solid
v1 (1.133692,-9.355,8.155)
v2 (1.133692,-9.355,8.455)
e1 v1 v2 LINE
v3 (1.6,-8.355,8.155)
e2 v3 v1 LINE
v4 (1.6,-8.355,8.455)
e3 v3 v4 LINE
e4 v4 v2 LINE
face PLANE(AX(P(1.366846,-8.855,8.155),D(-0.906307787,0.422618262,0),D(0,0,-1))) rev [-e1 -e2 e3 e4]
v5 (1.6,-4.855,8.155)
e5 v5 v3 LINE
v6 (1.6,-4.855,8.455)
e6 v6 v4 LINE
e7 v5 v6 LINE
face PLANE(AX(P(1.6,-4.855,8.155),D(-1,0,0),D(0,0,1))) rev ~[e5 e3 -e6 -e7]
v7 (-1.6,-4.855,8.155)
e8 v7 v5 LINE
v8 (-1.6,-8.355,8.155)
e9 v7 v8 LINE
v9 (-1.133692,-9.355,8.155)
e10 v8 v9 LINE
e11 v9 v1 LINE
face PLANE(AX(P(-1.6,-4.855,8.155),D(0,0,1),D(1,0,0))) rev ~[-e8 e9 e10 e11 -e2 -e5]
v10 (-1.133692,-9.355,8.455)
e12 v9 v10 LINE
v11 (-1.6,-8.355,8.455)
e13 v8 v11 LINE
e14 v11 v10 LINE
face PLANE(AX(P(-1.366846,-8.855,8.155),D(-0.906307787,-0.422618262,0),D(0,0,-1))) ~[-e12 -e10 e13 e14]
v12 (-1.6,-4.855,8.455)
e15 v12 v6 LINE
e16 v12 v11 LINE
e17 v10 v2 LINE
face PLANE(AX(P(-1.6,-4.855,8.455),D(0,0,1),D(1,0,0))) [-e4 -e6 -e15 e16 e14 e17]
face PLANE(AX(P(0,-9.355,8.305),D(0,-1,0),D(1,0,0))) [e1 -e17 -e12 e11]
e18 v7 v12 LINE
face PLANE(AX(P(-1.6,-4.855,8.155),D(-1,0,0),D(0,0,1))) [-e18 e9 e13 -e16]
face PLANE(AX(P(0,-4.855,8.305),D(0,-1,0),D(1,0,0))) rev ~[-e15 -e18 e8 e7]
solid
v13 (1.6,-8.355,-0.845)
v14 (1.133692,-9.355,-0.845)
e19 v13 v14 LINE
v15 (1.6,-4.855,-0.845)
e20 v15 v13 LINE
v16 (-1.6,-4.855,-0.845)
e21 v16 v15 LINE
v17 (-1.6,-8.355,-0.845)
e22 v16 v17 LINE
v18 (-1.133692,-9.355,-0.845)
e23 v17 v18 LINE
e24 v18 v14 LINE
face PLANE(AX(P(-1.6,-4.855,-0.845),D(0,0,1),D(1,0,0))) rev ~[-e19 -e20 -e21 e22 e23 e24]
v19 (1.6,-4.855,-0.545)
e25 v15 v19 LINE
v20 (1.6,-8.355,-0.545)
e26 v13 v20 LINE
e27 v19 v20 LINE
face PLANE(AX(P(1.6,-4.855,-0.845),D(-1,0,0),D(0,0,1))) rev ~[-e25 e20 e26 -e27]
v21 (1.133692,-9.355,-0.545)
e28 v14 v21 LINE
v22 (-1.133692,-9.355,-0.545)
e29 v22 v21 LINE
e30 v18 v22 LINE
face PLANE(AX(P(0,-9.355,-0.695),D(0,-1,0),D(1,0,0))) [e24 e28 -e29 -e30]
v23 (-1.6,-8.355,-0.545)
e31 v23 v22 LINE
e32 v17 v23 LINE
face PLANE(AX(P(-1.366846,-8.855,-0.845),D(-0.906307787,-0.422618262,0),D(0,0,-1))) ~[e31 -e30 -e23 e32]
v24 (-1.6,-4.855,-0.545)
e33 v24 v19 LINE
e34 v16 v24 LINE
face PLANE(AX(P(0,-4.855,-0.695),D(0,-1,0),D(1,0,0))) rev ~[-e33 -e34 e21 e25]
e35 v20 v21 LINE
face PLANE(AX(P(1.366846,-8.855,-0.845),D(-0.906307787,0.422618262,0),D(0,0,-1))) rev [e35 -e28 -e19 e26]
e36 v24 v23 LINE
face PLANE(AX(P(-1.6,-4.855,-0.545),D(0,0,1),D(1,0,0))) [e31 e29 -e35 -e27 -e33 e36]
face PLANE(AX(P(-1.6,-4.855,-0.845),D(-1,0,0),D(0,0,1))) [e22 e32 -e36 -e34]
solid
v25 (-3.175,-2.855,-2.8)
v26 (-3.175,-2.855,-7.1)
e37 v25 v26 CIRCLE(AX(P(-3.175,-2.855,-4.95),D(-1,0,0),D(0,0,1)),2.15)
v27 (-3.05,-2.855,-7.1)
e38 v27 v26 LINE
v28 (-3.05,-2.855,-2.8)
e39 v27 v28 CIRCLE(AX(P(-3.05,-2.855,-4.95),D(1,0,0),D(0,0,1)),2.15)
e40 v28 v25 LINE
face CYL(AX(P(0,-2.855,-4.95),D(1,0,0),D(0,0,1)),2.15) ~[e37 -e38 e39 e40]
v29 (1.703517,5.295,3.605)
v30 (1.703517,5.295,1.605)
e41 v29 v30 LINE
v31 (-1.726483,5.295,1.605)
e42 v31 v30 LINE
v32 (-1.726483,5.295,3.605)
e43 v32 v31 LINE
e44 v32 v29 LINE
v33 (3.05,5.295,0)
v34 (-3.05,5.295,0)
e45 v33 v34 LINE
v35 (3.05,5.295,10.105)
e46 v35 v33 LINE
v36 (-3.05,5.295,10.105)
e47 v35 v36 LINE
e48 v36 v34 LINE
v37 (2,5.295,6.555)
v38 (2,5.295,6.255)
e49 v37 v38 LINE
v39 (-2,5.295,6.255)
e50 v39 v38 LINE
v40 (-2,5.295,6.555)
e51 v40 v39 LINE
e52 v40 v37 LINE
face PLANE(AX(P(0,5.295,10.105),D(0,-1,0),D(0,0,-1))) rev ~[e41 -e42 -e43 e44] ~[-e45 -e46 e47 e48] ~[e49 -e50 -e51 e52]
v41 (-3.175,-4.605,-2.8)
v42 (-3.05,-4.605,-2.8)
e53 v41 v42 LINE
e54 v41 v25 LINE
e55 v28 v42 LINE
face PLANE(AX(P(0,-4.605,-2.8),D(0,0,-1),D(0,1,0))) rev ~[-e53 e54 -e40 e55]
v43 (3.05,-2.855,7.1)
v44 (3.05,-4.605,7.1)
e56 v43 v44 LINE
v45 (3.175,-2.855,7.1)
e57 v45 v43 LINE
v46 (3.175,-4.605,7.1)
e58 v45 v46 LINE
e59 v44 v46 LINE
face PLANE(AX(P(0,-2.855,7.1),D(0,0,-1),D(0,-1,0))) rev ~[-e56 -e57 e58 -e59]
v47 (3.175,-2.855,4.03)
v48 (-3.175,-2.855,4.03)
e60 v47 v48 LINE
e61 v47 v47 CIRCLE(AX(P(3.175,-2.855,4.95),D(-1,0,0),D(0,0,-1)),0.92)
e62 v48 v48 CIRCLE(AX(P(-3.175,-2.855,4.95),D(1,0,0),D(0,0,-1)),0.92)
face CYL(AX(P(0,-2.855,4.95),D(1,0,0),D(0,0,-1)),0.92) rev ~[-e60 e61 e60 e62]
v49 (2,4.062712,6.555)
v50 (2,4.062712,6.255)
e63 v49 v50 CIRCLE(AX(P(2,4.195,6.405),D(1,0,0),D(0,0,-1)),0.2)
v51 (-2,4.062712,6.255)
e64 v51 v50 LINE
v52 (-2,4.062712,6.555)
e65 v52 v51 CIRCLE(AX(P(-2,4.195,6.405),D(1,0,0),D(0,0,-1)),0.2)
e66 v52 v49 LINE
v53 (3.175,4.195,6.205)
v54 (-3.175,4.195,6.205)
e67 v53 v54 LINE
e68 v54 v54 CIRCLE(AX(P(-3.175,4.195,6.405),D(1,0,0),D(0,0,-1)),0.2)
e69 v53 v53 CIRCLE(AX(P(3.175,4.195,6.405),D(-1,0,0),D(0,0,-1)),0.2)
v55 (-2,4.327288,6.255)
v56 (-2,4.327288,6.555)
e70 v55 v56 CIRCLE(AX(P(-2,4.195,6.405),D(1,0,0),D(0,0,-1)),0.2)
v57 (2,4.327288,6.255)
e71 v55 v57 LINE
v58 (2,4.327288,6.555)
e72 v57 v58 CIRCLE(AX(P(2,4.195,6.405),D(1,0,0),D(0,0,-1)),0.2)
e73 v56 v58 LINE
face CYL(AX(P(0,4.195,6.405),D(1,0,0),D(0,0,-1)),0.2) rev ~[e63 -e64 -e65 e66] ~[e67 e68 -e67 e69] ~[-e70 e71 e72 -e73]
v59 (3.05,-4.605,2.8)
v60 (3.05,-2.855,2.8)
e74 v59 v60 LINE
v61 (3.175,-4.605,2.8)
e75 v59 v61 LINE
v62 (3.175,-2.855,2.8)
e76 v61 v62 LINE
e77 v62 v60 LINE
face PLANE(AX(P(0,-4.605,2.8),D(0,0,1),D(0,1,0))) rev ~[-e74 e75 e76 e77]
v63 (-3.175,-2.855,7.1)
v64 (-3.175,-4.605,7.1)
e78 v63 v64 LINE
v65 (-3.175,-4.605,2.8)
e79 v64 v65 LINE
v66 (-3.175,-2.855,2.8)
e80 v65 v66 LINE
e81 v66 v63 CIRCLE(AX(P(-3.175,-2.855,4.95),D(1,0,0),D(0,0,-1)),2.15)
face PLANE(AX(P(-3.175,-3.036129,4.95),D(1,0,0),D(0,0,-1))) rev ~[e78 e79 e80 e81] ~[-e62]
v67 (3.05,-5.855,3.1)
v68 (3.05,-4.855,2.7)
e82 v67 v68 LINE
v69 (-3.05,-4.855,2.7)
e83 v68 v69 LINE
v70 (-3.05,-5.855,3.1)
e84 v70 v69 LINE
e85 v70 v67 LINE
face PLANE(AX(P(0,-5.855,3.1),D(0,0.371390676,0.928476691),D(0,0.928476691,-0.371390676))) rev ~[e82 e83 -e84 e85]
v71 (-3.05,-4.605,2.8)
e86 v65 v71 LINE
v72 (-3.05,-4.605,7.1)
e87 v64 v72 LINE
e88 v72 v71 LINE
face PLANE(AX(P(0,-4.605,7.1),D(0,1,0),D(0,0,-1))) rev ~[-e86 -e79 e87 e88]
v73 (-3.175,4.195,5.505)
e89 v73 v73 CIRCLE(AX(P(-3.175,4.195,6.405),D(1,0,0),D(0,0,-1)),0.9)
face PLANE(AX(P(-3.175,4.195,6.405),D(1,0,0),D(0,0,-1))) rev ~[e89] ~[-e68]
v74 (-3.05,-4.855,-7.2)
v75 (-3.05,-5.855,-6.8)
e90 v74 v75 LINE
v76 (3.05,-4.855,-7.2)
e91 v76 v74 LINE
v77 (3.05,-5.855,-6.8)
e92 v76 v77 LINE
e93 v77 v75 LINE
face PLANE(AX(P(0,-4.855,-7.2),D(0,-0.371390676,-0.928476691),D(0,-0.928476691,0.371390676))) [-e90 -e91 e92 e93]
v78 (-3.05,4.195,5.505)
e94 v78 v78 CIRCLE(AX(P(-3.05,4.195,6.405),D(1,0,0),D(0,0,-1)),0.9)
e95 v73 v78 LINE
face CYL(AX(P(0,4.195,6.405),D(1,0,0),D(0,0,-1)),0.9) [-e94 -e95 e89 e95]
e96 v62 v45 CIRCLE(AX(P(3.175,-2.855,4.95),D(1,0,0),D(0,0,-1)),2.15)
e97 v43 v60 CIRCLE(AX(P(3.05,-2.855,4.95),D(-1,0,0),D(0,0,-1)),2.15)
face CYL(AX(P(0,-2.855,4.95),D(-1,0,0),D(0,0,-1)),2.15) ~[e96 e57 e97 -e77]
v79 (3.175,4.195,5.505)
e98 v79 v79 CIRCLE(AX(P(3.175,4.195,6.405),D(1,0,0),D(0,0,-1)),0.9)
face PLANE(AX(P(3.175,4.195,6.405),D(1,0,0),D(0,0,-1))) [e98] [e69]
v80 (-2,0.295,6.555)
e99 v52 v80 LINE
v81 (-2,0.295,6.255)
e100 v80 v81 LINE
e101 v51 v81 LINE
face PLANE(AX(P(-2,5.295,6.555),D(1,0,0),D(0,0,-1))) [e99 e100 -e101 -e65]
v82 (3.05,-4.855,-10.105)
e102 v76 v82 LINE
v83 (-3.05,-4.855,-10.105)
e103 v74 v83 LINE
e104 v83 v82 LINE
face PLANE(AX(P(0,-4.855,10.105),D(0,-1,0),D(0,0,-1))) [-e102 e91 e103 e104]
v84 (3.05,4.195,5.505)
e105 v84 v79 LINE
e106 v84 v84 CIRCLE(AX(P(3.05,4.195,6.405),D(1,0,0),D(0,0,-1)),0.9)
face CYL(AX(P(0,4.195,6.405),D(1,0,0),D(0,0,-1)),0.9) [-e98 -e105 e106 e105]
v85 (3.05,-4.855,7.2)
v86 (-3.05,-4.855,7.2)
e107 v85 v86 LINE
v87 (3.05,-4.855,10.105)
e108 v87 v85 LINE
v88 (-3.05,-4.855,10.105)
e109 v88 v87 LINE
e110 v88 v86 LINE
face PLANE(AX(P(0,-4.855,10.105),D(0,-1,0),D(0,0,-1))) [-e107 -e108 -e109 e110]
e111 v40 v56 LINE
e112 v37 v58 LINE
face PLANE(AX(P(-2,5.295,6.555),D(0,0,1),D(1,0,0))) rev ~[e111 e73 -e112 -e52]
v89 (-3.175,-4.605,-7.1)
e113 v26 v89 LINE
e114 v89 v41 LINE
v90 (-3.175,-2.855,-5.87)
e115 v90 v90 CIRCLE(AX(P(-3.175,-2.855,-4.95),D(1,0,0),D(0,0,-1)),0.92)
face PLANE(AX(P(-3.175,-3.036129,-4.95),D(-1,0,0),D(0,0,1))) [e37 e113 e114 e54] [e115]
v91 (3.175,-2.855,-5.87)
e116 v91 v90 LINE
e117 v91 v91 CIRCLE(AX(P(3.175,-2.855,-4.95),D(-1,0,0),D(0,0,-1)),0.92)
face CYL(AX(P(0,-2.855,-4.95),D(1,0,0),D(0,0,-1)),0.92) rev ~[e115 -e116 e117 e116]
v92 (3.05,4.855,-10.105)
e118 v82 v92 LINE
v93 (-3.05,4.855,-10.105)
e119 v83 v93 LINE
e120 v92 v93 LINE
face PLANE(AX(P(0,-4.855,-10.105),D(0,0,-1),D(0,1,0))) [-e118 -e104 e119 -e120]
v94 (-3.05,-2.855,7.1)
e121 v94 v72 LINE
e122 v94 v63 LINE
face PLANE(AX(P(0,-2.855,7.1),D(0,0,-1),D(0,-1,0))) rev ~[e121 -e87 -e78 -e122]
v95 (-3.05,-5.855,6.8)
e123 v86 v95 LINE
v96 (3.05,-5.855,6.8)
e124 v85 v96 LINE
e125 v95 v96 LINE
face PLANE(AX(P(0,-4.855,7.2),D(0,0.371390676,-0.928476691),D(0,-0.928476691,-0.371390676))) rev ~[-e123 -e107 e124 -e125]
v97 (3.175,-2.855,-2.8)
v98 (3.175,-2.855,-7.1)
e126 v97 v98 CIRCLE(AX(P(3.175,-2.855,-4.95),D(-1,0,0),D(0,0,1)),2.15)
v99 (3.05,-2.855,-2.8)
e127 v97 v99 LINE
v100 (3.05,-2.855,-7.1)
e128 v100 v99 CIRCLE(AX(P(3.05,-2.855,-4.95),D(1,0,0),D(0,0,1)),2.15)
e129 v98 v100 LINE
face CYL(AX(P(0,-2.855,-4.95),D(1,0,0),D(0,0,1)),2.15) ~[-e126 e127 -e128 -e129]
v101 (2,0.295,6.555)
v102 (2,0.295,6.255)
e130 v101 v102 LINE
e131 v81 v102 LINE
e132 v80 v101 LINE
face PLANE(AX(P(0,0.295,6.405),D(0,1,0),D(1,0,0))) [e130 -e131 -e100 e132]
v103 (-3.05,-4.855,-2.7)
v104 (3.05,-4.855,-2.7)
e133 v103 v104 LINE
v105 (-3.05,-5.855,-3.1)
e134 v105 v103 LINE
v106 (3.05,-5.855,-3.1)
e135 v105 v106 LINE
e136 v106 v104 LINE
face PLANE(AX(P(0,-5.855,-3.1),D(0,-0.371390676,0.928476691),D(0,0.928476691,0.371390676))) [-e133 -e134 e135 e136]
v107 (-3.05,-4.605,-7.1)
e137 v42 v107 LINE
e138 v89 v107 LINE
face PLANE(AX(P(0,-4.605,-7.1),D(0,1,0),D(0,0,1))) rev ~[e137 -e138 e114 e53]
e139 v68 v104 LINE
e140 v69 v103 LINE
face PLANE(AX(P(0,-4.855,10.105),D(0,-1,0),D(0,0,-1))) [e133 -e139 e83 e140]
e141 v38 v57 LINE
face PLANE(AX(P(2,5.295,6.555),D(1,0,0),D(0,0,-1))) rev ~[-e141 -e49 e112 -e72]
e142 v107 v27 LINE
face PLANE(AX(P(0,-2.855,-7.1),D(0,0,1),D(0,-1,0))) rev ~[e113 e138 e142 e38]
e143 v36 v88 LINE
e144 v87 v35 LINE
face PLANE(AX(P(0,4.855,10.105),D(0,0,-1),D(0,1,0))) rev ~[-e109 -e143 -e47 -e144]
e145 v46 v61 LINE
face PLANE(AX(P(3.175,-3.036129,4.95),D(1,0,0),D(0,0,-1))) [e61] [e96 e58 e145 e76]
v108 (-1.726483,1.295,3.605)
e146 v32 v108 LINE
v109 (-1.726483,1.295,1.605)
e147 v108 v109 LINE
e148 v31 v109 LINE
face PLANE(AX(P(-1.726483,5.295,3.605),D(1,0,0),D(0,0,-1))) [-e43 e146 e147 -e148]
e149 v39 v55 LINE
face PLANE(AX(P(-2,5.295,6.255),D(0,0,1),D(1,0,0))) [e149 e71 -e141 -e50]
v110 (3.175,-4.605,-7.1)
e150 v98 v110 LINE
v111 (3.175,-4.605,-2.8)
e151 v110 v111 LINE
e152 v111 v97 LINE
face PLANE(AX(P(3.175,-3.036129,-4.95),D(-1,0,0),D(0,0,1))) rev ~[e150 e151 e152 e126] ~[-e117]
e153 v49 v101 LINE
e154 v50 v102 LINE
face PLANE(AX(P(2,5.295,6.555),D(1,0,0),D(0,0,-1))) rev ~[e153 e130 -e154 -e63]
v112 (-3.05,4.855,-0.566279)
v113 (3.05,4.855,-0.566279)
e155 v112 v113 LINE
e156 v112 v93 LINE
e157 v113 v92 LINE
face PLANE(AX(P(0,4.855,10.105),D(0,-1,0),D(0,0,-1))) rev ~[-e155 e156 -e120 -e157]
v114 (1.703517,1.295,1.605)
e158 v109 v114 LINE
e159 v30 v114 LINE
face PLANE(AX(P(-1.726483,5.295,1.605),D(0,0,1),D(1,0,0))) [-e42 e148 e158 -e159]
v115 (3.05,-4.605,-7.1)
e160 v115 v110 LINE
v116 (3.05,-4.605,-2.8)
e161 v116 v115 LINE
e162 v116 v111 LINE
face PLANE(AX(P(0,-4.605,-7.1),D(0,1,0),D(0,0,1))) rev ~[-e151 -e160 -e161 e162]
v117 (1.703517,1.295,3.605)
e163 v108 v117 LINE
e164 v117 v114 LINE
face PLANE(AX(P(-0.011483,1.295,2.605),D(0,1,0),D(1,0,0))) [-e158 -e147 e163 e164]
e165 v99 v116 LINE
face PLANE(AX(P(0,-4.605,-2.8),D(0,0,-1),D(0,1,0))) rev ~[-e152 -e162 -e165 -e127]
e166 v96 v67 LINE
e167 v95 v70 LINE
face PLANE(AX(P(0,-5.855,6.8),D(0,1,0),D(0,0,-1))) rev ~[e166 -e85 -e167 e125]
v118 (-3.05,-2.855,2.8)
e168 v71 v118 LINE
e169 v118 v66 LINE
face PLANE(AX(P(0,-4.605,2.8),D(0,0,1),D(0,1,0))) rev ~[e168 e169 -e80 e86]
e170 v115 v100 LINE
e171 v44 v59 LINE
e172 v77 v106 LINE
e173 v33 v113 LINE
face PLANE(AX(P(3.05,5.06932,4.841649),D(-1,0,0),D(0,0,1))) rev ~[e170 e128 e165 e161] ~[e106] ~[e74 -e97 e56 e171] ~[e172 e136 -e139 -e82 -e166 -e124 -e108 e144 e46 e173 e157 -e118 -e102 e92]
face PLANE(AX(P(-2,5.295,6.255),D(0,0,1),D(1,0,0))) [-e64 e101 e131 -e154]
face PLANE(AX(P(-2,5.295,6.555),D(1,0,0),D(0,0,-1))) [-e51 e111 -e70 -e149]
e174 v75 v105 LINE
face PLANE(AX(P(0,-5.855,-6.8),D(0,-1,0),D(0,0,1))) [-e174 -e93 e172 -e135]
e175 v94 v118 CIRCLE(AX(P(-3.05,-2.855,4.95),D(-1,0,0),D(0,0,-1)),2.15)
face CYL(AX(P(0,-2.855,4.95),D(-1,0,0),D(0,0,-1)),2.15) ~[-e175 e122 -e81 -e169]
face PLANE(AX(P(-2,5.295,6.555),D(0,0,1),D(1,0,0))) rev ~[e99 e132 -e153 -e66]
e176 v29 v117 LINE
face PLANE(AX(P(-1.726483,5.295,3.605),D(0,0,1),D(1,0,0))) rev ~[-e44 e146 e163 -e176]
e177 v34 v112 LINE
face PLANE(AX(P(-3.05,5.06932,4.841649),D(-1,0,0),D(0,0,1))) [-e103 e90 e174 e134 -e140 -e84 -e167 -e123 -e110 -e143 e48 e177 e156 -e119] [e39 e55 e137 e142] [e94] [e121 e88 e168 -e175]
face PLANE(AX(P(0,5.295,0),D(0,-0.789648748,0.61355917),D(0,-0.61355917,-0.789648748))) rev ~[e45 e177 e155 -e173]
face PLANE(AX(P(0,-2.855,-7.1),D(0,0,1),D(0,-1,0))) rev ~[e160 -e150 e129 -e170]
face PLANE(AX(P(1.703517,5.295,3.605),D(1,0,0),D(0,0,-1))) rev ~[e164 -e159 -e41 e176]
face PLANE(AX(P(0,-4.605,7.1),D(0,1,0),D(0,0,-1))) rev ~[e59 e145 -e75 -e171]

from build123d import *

# Parameters (mm, degrees)
SKETCH1_W               = 20.21
SKETCH1_H               = 9.71
BOSS_EXTRUDE1_DEPTH     = 3.05
BOSS_EXTRUDE2_DEPTH     = 3.05
BOSS_EXTRUDE3_DEPTH     = 3.175
MOUNTING_HOLES_R        = 0.92
CUT_EXTRUDE1_DEPTH      = 4.175
CUT_EXTRUDE1_DEPTH_BACK = 4.175
SKETCH5_R               = 0.9
BOSS_EXTRUDE4_DEPTH     = 3.175
SKETCH6_R               = 0.2
CUT_EXTRUDE2_DEPTH      = 4.175
CUT_EXTRUDE2_DEPTH_BACK = 4.175
SKETCH7_W               = 4
SKETCH7_H               = 0.3
CUT_EXTRUDE3_DEPTH      = 5
SKETCH8_W               = 3.43
SKETCH8_H               = 2
CUT_EXTRUDE4_DEPTH      = 4
SKETCH9_W               = 3.2
SKETCH9_H               = 0.3
BOSS_EXTRUDE5_DEPTH     = 4.5
BOSS_EXTRUDE5_2_DEPTH   = 4.5
CHAMFER1_SIZE           = 1
CHAMFER1_SIZE2          = 0.466307658
CHAMFER1_PART_2_SIZE    = 1
CHAMFER1_PART_2_SIZE2   = 0.466307658
CHAMFER2_SIZE           = 1
CHAMFER2_SIZE2          = 0.466307658
CHAMFER2_PART_2_SIZE    = 1
CHAMFER2_PART_2_SIZE2   = 0.466307658


with BuildPart() as part:
    # Sketch1 → Boss-Extrude1 (new body, symmetric)
    with BuildSketch(Plane(origin=(0, 0, 0), x_dir=(0, 0, -1), z_dir=(1, 0, 0))):
        Rectangle(SKETCH1_W, SKETCH1_H)
    extrude(amount=BOSS_EXTRUDE1_DEPTH, both=True)

    # Sketch4 → Boss-Extrude2 (add, symmetric)
    with BuildSketch(Plane(origin=(0, 0, 0), x_dir=(0, 0, -1), z_dir=(1, 0, 0))):
        Polygon((-7.2, -4.855), (-6.8, -5.855), (-3.1, -5.855), (-2.7, -4.855), align=None)
        Polygon((2.7, -4.855), (7.2, -4.855), (6.8, -5.855), (3.1, -5.855), align=None)
        Polygon((-10.105, 4.855), (-10.105, 5.295), (0, 5.295), (0.566278635, 4.855), align=None)
    extrude(amount=BOSS_EXTRUDE2_DEPTH, both=True)

    # Sketch3 → Boss-Extrude3 (add, symmetric)
    with BuildSketch(Plane(origin=(0, 0, 0), x_dir=(0, 0, -1), z_dir=(1, 0, 0))):
        with BuildLine():
            Line((-7.1, -2.855), (-7.1, -4.605))
            Line((-7.1, -4.605), (-2.8, -4.605))
            Line((-2.8, -4.605), (-2.8, -2.855))
            ThreePointArc((-2.8, -2.855), (-4.95, -0.705), (-7.1, -2.855))
        make_face()
        with BuildLine():
            Line((2.8, -4.605), (2.8, -2.855))
            ThreePointArc((2.8, -2.855), (4.95, -0.705), (7.1, -2.855))
            Line((7.1, -2.855), (7.1, -4.605))
            Line((7.1, -4.605), (2.8, -4.605))
        make_face()
    extrude(amount=BOSS_EXTRUDE3_DEPTH, both=True)

    # Mounting Holes → Cut-Extrude1 (cut, two sides)
    with BuildSketch(Plane(origin=(0, 0, 0), x_dir=(0, 0, -1), z_dir=(1, 0, 0))) as cut_extrude1_sk:
        with Locations((-4.95, -2.855)):
            Circle(MOUNTING_HOLES_R)
        with Locations((4.95, -2.855)):
            Circle(MOUNTING_HOLES_R)
    extrude(amount=CUT_EXTRUDE1_DEPTH, mode=Mode.SUBTRACT)
    extrude(cut_extrude1_sk.sketch, amount=-CUT_EXTRUDE1_DEPTH_BACK, mode=Mode.SUBTRACT)

    # Sketch5 → Boss-Extrude4 (add, symmetric)
    with BuildSketch(Plane(origin=(0, 0, 0), x_dir=(0, 0, -1), z_dir=(1, 0, 0))):
        with Locations((-6.405, 4.195)):
            Circle(SKETCH5_R)
    extrude(amount=BOSS_EXTRUDE4_DEPTH, both=True)

    # Sketch6 → Cut-Extrude2 (cut, two sides)
    with BuildSketch(Plane(origin=(0, 0, 0), x_dir=(0, 0, -1), z_dir=(1, 0, 0))) as cut_extrude2_sk:
        with Locations((-6.405, 4.195)):
            Circle(SKETCH6_R)
    extrude(amount=CUT_EXTRUDE2_DEPTH, mode=Mode.SUBTRACT)
    extrude(cut_extrude2_sk.sketch, amount=-CUT_EXTRUDE2_DEPTH_BACK, mode=Mode.SUBTRACT)

    # Sketch7 → Cut-Extrude3 (cut)
    with BuildSketch(Plane(origin=(0, 5.295, 0), x_dir=(1, 0, 0), z_dir=(0, 1, 0))):
        with Locations((0, -6.405)):
            Rectangle(SKETCH7_W, SKETCH7_H)
    extrude(amount=-CUT_EXTRUDE3_DEPTH, mode=Mode.SUBTRACT)

    # Sketch8 → Cut-Extrude4 (cut)
    with BuildSketch(Plane(origin=(0, 5.295, 0), x_dir=(1, 0, 0), z_dir=(0, 1, 0))):
        with Locations((-0.01148339, -2.605)):
            Rectangle(SKETCH8_W, SKETCH8_H)
    extrude(amount=-CUT_EXTRUDE4_DEPTH, mode=Mode.SUBTRACT)


with BuildPart() as body_2:
    # Sketch9 → Boss-Extrude5 (new body)
    with BuildSketch(Plane.XZ.offset(4.855)):
        with Locations((0, 8.305)):
            Rectangle(SKETCH9_W, SKETCH9_H)
    extrude(amount=BOSS_EXTRUDE5_DEPTH)

    # Chamfer2
    chamfer2_edges = [body_2.edges().sort_by_distance(p)[0] for p in [
        (1.6, -9.355, 8.305),
    ]]
    chamfer2_side = [body_2.faces().sort_by_distance(p)[0] for p in [
        (1.6, -7.105, 8.305),
    ]]
    chamfer(chamfer2_edges, length=CHAMFER2_SIZE, length2=CHAMFER2_SIZE2, reference=chamfer2_side[0])

    # Chamfer2 part 2
    chamfer2_part_2_edges = [body_2.edges().sort_by_distance(p)[0] for p in [
        (-1.6, -9.355, 8.305),
    ]]
    chamfer2_part_2_side = [body_2.faces().sort_by_distance(p)[0] for p in [
        (-1.6, -7.105, 8.305),
    ]]
    chamfer(chamfer2_part_2_edges, length=CHAMFER2_PART_2_SIZE, length2=CHAMFER2_PART_2_SIZE2, reference=chamfer2_part_2_side[0])


with BuildPart() as body_3:
    # Sketch9 → Boss-Extrude5 2 (new body)
    with BuildSketch(Plane.XZ.offset(4.855)):
        with Locations((0, -0.695)):
            Rectangle(SKETCH9_W, SKETCH9_H)
    extrude(amount=BOSS_EXTRUDE5_2_DEPTH)

    # Chamfer1
    chamfer1_edges = [body_3.edges().sort_by_distance(p)[0] for p in [
        (1.6, -9.355, -0.695),
    ]]
    chamfer1_side = [body_3.faces().sort_by_distance(p)[0] for p in [
        (1.6, -7.105, -0.695),
    ]]
    chamfer(chamfer1_edges, length=CHAMFER1_SIZE, length2=CHAMFER1_SIZE2, reference=chamfer1_side[0])

    # Chamfer1 part 2
    chamfer1_part_2_edges = [body_3.edges().sort_by_distance(p)[0] for p in [
        (-1.6, -9.355, -0.695),
    ]]
    chamfer1_part_2_side = [body_3.faces().sort_by_distance(p)[0] for p in [
        (-1.6, -7.105, -0.695),
    ]]
    chamfer(chamfer1_part_2_edges, length=CHAMFER1_PART_2_SIZE, length2=CHAMFER1_PART_2_SIZE2, reference=chamfer1_part_2_side[0])


solid = Compound([part.part, body_2.part, body_3.part])
